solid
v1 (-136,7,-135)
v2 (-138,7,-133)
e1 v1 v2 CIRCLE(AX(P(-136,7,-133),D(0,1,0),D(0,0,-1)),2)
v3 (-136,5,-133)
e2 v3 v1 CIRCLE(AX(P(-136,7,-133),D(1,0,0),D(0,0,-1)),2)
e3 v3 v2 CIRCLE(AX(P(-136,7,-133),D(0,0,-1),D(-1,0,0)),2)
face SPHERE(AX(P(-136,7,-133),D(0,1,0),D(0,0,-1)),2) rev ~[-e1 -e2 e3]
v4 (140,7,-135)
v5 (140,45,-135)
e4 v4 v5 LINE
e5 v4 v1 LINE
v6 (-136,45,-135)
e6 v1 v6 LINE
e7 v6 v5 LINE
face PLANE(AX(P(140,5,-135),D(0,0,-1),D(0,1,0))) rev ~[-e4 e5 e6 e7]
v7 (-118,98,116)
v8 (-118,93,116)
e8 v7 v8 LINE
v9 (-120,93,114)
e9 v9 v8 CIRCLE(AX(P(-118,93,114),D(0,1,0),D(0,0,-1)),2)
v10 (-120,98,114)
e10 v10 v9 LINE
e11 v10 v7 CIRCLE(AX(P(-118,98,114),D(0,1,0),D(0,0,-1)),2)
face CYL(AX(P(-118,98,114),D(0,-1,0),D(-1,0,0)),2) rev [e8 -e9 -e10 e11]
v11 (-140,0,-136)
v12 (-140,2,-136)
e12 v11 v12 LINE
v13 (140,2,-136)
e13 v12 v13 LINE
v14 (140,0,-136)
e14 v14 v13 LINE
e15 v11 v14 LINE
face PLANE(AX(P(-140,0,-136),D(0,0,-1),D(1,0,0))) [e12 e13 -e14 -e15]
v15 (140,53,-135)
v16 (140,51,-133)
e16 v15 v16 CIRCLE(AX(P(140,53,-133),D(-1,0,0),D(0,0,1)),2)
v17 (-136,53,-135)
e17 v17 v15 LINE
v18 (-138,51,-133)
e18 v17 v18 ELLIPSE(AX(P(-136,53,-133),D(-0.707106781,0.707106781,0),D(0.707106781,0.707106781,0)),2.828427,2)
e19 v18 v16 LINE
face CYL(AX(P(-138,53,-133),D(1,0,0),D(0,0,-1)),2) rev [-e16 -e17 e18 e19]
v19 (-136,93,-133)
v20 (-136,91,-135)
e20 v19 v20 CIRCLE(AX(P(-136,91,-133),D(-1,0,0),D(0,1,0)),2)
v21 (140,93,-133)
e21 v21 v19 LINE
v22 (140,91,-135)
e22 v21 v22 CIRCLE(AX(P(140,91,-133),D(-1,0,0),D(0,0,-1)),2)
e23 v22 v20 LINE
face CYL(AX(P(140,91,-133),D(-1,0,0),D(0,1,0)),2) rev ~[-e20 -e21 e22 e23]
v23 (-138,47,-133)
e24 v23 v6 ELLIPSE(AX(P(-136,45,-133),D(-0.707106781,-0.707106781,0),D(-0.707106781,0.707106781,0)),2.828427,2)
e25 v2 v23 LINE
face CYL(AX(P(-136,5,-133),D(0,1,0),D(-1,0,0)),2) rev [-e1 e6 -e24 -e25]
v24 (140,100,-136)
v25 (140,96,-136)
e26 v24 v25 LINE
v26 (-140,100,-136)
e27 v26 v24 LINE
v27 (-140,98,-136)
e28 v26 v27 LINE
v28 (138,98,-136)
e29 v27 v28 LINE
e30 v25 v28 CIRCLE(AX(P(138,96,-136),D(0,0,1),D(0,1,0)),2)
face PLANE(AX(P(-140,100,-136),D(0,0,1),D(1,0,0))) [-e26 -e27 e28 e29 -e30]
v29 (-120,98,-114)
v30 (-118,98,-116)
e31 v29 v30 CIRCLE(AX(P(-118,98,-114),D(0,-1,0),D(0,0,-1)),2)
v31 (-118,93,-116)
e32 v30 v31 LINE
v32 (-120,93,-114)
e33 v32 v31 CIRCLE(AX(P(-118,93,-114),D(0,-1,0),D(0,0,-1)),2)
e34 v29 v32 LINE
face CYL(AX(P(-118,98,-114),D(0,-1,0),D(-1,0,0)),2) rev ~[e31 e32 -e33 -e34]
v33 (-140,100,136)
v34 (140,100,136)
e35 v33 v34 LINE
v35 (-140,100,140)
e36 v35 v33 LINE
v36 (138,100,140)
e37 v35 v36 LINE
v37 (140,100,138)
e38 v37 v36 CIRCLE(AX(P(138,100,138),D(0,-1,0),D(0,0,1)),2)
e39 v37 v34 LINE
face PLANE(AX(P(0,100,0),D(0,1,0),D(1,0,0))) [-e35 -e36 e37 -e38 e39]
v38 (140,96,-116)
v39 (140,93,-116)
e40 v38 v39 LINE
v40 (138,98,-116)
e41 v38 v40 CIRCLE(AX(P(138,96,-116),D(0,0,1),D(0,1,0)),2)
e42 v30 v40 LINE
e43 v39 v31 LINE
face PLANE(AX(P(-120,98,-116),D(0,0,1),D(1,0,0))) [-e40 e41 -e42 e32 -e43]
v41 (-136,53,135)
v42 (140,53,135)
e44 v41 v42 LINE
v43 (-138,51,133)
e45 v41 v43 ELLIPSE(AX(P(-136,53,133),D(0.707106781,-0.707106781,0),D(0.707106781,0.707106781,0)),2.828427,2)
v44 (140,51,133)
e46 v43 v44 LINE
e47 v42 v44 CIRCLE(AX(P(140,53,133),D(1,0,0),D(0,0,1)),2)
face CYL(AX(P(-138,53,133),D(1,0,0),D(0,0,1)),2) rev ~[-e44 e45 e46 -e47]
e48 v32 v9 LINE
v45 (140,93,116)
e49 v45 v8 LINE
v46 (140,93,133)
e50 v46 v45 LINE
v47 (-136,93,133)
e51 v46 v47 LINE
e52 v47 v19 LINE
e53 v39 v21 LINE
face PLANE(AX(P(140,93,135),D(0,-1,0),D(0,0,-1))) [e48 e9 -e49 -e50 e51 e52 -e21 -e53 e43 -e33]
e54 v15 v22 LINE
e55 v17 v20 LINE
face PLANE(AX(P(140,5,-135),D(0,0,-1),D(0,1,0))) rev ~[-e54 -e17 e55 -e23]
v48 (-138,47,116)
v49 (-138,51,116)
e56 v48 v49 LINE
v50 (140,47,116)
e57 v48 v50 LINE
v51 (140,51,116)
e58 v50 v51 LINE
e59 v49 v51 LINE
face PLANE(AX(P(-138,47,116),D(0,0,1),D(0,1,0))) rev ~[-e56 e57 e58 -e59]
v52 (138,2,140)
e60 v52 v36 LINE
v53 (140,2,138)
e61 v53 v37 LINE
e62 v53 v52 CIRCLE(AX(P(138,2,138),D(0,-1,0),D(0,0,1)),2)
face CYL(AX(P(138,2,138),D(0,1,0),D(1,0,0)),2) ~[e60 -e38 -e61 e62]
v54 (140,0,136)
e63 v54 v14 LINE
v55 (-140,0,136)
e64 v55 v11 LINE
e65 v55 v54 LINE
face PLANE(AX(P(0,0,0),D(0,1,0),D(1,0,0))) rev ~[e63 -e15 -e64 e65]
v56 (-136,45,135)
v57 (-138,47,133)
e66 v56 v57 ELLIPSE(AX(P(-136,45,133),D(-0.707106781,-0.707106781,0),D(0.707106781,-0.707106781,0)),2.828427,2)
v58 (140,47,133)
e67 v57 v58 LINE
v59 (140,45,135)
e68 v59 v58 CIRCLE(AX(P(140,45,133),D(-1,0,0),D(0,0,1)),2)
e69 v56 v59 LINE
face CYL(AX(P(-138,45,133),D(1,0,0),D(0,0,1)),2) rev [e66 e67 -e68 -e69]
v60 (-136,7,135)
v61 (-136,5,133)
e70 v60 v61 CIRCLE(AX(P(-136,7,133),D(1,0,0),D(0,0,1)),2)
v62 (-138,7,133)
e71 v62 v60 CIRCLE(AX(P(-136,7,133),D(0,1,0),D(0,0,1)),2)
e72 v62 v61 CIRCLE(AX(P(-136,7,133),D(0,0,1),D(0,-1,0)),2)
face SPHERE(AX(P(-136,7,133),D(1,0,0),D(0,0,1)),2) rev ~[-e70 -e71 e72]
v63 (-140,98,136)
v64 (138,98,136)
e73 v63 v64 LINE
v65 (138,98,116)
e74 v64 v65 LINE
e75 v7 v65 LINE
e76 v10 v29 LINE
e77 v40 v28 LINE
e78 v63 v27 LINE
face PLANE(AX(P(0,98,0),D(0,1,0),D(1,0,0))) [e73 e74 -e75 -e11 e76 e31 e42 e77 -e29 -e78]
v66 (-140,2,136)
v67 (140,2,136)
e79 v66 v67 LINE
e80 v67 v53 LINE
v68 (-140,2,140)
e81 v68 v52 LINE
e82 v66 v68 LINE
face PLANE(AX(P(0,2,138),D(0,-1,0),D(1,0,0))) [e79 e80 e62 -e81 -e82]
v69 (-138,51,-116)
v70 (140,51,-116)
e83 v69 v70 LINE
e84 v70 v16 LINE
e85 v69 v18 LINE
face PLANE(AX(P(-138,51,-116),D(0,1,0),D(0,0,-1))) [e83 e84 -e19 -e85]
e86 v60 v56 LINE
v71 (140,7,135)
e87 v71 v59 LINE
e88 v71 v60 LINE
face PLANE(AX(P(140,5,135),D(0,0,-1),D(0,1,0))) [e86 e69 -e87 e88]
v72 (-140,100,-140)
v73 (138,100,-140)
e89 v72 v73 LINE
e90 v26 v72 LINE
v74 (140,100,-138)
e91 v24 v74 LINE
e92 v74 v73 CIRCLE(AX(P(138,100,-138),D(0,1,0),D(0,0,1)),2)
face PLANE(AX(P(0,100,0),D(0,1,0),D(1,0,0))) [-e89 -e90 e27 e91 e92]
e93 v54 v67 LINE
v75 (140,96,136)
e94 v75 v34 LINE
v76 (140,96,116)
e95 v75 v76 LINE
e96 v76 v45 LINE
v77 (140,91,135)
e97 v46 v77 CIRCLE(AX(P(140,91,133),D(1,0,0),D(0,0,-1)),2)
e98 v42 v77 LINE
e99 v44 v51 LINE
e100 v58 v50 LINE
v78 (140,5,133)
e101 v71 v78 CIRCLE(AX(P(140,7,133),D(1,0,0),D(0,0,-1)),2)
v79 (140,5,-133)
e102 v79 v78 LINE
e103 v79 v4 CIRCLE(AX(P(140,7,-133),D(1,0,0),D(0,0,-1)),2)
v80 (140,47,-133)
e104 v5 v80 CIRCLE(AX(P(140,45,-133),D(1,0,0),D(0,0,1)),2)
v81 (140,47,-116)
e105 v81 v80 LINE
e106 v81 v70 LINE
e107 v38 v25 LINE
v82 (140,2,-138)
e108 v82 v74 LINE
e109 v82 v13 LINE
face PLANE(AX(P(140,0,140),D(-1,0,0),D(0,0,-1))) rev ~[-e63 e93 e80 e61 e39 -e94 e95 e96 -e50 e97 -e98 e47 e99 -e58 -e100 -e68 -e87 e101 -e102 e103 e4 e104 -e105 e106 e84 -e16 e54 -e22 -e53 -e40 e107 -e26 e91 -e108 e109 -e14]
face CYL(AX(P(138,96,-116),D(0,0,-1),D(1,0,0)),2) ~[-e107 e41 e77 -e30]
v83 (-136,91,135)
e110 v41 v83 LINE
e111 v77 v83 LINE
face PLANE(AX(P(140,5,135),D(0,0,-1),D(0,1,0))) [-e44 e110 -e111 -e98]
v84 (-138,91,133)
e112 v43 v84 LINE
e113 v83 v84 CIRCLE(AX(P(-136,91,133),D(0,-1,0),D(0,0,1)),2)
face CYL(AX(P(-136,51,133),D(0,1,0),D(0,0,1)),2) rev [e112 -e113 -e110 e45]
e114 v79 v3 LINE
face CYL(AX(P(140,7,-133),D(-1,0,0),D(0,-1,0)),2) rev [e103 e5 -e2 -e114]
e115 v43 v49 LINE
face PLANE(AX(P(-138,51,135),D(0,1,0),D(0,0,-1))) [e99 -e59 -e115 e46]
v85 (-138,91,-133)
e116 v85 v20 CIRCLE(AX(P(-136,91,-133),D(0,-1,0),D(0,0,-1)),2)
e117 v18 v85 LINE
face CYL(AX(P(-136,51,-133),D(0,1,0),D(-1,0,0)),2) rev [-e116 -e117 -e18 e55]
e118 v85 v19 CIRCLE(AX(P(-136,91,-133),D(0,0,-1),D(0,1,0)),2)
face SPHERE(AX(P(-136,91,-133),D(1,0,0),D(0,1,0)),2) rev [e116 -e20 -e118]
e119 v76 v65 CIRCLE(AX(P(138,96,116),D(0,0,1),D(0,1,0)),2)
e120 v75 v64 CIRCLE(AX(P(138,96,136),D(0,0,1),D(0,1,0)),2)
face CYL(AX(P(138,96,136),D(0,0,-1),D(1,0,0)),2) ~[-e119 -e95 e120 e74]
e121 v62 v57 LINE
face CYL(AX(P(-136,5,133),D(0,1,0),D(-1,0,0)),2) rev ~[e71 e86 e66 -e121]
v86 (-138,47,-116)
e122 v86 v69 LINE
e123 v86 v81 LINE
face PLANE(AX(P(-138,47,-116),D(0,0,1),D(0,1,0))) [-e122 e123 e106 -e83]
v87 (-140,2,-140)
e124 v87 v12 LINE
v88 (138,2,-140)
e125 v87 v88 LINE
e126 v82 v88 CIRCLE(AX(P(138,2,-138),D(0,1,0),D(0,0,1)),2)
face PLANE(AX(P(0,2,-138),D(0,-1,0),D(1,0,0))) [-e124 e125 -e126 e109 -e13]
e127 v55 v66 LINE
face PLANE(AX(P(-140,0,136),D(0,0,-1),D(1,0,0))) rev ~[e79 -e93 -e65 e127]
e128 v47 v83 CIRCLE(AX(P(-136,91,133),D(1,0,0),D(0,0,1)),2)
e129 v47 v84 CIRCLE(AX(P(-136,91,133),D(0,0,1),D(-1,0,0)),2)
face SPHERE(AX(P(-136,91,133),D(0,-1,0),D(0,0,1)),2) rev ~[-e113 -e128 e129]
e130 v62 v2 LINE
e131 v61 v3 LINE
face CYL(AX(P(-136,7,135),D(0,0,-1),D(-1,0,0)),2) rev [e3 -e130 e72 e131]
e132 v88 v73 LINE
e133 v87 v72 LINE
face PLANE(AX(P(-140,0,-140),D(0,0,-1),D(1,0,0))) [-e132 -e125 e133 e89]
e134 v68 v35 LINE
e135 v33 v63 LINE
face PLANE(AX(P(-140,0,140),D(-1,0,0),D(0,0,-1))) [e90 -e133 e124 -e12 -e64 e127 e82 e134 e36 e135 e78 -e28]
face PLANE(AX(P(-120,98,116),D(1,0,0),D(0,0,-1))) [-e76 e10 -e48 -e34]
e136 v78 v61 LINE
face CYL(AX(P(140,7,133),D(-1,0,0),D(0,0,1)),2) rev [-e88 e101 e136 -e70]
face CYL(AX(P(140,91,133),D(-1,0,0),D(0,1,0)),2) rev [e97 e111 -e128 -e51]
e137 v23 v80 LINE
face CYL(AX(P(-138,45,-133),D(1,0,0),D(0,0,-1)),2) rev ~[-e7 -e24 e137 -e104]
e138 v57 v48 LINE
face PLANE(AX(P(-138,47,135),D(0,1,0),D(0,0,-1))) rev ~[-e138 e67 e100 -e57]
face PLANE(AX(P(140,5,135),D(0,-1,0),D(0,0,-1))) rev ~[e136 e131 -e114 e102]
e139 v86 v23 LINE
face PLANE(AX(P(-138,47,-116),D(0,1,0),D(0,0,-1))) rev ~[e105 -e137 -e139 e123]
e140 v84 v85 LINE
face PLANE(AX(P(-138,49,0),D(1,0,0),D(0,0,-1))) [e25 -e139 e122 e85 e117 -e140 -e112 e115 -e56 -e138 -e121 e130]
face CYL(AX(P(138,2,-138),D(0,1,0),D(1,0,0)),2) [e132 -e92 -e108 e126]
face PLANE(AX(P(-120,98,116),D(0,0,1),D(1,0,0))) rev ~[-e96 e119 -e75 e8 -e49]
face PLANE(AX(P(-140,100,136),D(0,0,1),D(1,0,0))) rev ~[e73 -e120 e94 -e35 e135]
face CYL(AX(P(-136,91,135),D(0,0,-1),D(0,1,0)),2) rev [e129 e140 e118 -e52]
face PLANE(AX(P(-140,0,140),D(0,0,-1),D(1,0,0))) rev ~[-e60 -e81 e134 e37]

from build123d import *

# Parameters (mm, degrees)
SKETCH_1_W          = 280
SKETCH_1_H          = 280
EXTRUDE_1_DEPTH     = 100
SKETCH_2_W          = 280
SKETCH_2_H          = 272
CUT_EXTRUDE_1_DEPTH = 2
SKETCH_3_W          = 280
SKETCH_3_H          = 4
CUT_EXTRUDE_2_DEPTH = 2
SKETCH_4_W          = 270
SKETCH_4_H          = 88
CUT_EXTRUDE_3_DEPTH = 278
SKETCH_6_W          = 260
SKETCH_6_H          = 232
CUT_EXTRUDE_7_DEPTH = 93
FILLET_4_R          = 2
FILLET_5_R          = 2
FILLET_6_R          = 2
SKETCH_8_W          = 19
SKETCH_8_H          = 4
EXTRUDE_2_DEPTH     = 278
FILLET_7_R          = 2


with BuildPart() as part:
    # 草图1 → 凸台-拉伸1 (new body)
    with BuildSketch(Plane(origin=(0, 0, 0), x_dir=(1, 0, 0), z_dir=(0, 1, 0))):
        Rectangle(SKETCH_1_W, SKETCH_1_H)
    extrude(amount=EXTRUDE_1_DEPTH)

    # 草图2 → 切除-拉伸1 (cut)
    with BuildSketch(Plane(origin=(0, 100, 0), x_dir=(1, 0, 0), z_dir=(0, 1, 0))):
        Rectangle(SKETCH_2_W, SKETCH_2_H)
    extrude(amount=-CUT_EXTRUDE_1_DEPTH, mode=Mode.SUBTRACT)

    # 草图3 → 切除-拉伸2 (cut)
    with BuildSketch(Plane.XZ):
        with Locations((0, 138)):
            Rectangle(SKETCH_3_W, SKETCH_3_H)
        with Locations((0, -138)):
            Rectangle(SKETCH_3_W, SKETCH_3_H)
    extrude(amount=-CUT_EXTRUDE_2_DEPTH, mode=Mode.SUBTRACT)

    # 草图4 → 切除-拉伸3 (cut)
    with BuildSketch(Plane(origin=(140, 0, 0), x_dir=(0, 0, -1), z_dir=(1, 0, 0))):
        with Locations((0, 49)):
            Rectangle(SKETCH_4_W, SKETCH_4_H)
    extrude(amount=-CUT_EXTRUDE_3_DEPTH, mode=Mode.SUBTRACT)

    # 草图6 → 切除-拉伸7 (cut)
    with BuildSketch(Plane(origin=(0, 98, 0), x_dir=(1, 0, 0), z_dir=(0, 1, 0))):
        with Locations((10, 0)):
            Rectangle(SKETCH_6_W, SKETCH_6_H)
    extrude(amount=-CUT_EXTRUDE_7_DEPTH, mode=Mode.SUBTRACT)

    # 圆角4
    fillet_4_edges = [part.edges().sort_by_distance(p)[0] for p in [
        (140, 51, -140),
        (140, 51, 140),
    ]]
    fillet(fillet_4_edges, radius=FILLET_4_R)

    # 圆角5
    fillet_5_edges = [part.edges().sort_by_distance(p)[0] for p in [
        (140, 98, 126),
        (140, 98, -126),
    ]]
    fillet(fillet_5_edges, radius=FILLET_5_R)

    # 圆角6
    fillet_6_edges = [part.edges().sort_by_distance(p)[0] for p in [
        (-120, 95.5, -116),
        (-120, 95.5, 116),
    ]]
    fillet(fillet_6_edges, radius=FILLET_6_R)

    # 草图8 → 凸台-拉伸2 (add)
    with BuildSketch(Plane(origin=(-138, 0, 0), x_dir=(0, 0, -1), z_dir=(1, 0, 0))):
        with Locations((-125.5, 49)):
            Rectangle(SKETCH_8_W, SKETCH_8_H)
        with Locations((125.5, 49)):
            Rectangle(SKETCH_8_W, SKETCH_8_H)
    extrude(amount=EXTRUDE_2_DEPTH)

    # 圆角7
    fillet_7_edges = [part.edges().sort_by_distance(p)[0] for p in [
        (-138, 72, 135),
        (-138, 26, -135),
        (1, 47, 135),
        (1, 51, 135),
        (1, 47, -135),
        (1, 51, -135),
        (1, 5, 135),
        (1, 93, 135),
        (1, 93, -135),
        (1, 5, -135),
        (-138, 26, 135),
        (-138, 93, 0),
        (-138, 72, -135),
        (-138, 5, 0),
    ]]
    fillet(fillet_7_edges, radius=FILLET_7_R)


solid = part.part
